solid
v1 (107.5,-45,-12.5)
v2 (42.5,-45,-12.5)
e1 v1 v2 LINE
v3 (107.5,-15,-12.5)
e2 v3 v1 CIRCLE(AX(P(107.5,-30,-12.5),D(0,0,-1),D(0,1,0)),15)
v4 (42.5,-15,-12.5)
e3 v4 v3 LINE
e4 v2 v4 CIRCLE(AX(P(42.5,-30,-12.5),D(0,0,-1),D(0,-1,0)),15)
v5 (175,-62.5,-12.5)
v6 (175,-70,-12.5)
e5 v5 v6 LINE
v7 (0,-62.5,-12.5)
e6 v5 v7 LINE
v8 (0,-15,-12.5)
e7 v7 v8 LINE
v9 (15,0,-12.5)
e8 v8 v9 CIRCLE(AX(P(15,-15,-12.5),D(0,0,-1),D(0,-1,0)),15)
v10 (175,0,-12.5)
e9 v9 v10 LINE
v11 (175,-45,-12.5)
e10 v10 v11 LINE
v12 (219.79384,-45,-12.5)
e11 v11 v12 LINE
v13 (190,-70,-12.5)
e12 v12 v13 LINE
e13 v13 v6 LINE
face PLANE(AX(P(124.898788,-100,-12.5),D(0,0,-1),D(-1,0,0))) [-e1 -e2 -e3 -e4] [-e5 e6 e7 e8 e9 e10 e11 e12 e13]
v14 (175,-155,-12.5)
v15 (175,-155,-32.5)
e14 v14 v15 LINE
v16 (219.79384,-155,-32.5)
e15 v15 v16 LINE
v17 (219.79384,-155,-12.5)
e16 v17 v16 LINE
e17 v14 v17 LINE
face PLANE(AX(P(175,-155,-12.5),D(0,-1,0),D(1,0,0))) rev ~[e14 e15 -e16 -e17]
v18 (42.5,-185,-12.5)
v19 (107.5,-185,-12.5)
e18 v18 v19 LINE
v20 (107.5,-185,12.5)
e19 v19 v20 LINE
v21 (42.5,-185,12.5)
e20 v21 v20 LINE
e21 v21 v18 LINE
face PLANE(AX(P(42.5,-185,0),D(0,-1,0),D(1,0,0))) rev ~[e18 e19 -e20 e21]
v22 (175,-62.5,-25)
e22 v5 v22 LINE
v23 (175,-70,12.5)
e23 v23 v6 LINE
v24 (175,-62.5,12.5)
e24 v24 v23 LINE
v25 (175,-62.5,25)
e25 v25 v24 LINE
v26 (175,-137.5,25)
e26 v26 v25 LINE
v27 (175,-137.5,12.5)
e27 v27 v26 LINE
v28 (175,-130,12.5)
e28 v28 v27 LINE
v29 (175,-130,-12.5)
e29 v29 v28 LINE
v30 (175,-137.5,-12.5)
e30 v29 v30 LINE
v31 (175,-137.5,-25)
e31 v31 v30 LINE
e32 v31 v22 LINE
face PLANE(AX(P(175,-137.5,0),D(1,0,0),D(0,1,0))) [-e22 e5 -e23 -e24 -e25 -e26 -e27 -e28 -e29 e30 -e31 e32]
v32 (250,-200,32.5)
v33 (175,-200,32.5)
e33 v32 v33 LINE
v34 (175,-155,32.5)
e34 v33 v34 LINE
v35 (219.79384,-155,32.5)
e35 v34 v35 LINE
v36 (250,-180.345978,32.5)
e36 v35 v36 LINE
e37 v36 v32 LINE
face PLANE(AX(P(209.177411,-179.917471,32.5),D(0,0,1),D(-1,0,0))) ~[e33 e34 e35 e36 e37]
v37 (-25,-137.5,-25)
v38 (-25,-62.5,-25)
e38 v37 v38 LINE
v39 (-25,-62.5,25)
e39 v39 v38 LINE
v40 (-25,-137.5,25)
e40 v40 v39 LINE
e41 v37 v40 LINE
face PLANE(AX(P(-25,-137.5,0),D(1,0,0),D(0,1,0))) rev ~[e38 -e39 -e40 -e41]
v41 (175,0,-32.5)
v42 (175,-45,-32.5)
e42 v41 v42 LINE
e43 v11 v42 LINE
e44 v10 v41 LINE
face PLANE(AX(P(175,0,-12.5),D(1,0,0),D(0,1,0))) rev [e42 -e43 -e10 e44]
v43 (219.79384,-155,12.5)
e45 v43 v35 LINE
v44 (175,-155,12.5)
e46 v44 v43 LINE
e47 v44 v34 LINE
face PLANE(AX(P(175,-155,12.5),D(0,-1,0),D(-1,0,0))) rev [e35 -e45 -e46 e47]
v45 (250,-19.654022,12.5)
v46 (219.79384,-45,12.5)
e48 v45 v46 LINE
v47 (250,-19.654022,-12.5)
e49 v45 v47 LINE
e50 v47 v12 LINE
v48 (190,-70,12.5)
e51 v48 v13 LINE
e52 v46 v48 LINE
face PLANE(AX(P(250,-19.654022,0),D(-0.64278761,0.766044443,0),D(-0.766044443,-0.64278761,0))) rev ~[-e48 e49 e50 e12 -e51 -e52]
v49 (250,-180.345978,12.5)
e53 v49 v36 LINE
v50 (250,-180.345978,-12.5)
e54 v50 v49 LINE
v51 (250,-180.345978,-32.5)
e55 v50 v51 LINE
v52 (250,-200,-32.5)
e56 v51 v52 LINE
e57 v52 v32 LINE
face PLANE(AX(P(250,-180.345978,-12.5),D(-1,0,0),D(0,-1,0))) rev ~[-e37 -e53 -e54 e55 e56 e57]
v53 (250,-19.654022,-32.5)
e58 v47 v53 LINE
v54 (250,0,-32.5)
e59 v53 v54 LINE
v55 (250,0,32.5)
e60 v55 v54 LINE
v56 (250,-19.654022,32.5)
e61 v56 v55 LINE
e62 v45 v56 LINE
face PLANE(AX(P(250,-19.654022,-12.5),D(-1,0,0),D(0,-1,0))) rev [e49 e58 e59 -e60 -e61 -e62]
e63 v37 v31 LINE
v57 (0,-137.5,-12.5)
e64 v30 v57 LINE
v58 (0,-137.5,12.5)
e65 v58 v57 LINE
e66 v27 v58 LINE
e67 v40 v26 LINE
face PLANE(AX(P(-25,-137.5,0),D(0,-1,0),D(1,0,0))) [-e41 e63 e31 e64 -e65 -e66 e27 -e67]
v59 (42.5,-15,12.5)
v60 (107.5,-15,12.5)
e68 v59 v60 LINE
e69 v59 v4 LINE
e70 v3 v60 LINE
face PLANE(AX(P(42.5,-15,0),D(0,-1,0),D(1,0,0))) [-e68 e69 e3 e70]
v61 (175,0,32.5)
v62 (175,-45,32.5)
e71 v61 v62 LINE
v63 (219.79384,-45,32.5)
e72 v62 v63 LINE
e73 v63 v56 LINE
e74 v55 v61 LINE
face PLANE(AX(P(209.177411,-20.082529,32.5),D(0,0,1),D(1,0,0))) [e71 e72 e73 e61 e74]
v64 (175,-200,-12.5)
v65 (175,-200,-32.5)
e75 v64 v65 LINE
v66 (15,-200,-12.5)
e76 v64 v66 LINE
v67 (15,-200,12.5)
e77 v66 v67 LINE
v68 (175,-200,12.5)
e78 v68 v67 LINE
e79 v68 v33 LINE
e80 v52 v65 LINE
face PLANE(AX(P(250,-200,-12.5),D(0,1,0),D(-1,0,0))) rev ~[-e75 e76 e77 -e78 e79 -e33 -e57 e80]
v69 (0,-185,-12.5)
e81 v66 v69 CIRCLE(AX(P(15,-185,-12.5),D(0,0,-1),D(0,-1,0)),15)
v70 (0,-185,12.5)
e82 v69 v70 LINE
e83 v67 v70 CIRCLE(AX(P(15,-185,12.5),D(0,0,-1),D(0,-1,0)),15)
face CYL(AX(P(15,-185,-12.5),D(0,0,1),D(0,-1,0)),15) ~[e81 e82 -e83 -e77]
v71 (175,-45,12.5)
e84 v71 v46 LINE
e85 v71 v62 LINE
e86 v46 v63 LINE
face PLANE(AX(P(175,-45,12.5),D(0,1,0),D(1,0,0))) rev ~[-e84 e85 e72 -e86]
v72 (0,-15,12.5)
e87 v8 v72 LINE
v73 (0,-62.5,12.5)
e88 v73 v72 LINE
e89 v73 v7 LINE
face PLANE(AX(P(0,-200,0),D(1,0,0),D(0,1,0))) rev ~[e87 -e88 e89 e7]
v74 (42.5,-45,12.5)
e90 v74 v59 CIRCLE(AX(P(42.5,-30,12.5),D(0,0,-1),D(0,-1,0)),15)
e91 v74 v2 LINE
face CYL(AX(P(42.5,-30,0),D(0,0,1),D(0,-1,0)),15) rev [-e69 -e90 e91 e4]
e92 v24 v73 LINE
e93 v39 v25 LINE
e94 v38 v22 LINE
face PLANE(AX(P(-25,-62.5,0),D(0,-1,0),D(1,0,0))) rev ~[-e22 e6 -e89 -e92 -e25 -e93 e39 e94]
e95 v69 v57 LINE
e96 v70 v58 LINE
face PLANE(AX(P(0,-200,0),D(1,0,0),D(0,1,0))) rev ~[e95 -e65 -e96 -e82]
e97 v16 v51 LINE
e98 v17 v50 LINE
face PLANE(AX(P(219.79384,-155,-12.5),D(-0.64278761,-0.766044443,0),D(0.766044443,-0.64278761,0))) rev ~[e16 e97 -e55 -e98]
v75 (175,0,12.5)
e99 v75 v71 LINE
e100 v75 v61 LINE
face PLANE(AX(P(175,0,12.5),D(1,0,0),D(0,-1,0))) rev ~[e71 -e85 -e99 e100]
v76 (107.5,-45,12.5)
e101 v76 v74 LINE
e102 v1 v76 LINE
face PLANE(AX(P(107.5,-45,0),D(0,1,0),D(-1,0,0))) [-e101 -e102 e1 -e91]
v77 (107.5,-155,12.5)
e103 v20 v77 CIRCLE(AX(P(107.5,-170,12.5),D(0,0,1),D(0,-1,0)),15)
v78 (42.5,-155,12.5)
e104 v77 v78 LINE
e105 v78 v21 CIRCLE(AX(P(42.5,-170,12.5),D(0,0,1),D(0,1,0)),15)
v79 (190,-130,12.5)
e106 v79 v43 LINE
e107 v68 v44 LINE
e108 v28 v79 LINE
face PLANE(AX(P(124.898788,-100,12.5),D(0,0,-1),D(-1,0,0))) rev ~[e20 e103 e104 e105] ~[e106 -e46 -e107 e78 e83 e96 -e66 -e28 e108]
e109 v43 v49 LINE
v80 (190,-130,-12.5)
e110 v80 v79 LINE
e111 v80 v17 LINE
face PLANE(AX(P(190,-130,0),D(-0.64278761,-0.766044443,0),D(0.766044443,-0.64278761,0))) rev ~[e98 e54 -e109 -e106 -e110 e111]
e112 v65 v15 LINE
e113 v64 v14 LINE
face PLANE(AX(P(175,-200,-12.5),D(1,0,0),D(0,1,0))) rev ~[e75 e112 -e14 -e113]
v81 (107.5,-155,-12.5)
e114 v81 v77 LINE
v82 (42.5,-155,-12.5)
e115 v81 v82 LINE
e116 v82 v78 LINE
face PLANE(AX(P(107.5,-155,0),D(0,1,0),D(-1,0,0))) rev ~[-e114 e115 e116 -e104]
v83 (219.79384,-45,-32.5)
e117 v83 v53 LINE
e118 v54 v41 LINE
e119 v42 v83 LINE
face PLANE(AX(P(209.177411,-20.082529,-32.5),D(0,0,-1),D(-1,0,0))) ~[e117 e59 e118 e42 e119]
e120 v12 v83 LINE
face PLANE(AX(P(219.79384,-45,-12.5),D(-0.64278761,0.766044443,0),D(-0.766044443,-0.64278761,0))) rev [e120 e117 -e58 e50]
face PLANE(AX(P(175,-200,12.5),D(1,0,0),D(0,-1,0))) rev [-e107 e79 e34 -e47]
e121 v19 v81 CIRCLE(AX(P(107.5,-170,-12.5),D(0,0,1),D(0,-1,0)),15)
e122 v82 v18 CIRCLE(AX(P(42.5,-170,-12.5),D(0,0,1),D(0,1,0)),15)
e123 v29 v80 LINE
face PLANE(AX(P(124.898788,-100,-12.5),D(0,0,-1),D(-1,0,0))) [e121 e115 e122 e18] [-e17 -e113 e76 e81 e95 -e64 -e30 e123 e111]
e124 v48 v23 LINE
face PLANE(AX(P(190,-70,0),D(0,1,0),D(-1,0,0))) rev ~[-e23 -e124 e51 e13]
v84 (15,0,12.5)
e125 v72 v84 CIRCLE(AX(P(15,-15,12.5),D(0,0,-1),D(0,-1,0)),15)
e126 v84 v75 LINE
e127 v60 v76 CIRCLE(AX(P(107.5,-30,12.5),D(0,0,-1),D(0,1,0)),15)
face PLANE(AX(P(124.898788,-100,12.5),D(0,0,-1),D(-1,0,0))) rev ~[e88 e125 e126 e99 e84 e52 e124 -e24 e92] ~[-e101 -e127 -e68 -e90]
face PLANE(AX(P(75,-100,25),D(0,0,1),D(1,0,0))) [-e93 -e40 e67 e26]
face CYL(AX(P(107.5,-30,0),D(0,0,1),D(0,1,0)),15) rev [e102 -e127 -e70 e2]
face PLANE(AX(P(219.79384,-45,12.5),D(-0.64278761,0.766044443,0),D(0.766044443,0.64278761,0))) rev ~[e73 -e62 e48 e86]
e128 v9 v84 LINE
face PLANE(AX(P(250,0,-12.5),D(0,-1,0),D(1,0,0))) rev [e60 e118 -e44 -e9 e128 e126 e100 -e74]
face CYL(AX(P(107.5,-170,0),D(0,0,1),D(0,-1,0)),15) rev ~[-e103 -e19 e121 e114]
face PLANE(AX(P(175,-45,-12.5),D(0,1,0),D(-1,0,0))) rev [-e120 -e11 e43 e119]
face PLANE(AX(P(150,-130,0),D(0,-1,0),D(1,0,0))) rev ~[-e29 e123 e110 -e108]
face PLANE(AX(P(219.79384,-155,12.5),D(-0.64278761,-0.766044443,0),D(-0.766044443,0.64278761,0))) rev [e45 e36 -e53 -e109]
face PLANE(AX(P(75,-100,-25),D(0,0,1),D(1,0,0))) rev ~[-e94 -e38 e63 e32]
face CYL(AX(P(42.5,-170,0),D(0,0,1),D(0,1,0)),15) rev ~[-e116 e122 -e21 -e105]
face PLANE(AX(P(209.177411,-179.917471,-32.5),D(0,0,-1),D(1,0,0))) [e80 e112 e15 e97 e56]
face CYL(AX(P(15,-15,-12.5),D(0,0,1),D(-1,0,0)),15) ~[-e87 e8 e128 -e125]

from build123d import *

# Parameters (mm, degrees)
BOSS_EXTRUDE1_DEPTH  = 12.5
SKETCH3_W            = 200
SKETCH3_H            = 75
BOSS_EXTRUDE2_DEPTH  = 25
BOSS_EXTRUDE3_DEPTH  = 20
MIRROR2_COPY_1_DEPTH = 20
FILLET2_R            = 15


with BuildPart() as part:
    # Sketch1 → Boss-Extrude1 (new, symmetric)
    with BuildSketch(Plane.XY):
        Polygon((0, 0), (250, 0), (250, -19.654022129), (190, -70), (150, -70), (150, -130), (190, -130), (250, -180.345977871), (250, -200), (0, -200), align=None)
        with BuildLine():
            Line((42.5, -15), (107.5, -15))
            ThreePointArc((107.5, -15), (122.5, -30), (107.5, -45))
            Line((107.5, -45), (42.5, -45))
            ThreePointArc((42.5, -45), (27.5, -30), (42.5, -15))
        make_face(mode=Mode.SUBTRACT)
        with BuildLine():
            Line((42.5, -185), (107.5, -185))
            ThreePointArc((107.5, -185), (122.5, -170), (107.5, -155))
            Line((107.5, -155), (42.5, -155))
            ThreePointArc((42.5, -155), (27.5, -170), (42.5, -185))
        make_face(mode=Mode.SUBTRACT)
    extrude(amount=BOSS_EXTRUDE1_DEPTH, both=True)

    # Sketch3 → Boss-Extrude2 (add, symmetric)
    with BuildSketch(Plane.XY):
        with Locations((75, -100)):
            Rectangle(SKETCH3_W, SKETCH3_H)
    extrude(amount=BOSS_EXTRUDE2_DEPTH, both=True)

    # Sketch4 → Boss-Extrude3 (add)
    with BuildSketch(Plane.XY.offset(12.5)):
        Polygon((250, 0), (175, 0), (175, -45), (219.793839815, -45), (250, -19.654022129), align=None)
    boss_extrude3 = extrude(amount=BOSS_EXTRUDE3_DEPTH)

    # Mirror1: Boss-Extrude3 across plane
    add(boss_extrude3.mirror(Plane.ZX.offset(-100)))

    # Mirror2: Boss-Extrude3 across plane
    add(boss_extrude3.mirror(Plane.XY))

    # Mirror2 copy 1 sketch → Mirror2 copy 1 (add)
    with BuildSketch(Plane(origin=(0, -200, -12.5), x_dir=(1, 0, 0), z_dir=(0, 0, -1))):
        Polygon((250, 0), (175, 0), (175, -45), (219.793839815, -45), (250, -19.654022129), align=None)
    extrude(amount=MIRROR2_COPY_1_DEPTH)

    # Fillet2
    fillet2_edges = [part.edges().sort_by_distance(p)[0] for p in [
        (0, 0, 0),
        (0, -200, 0),
    ]]
    fillet(fillet2_edges, radius=FILLET2_R)


solid = part.part
